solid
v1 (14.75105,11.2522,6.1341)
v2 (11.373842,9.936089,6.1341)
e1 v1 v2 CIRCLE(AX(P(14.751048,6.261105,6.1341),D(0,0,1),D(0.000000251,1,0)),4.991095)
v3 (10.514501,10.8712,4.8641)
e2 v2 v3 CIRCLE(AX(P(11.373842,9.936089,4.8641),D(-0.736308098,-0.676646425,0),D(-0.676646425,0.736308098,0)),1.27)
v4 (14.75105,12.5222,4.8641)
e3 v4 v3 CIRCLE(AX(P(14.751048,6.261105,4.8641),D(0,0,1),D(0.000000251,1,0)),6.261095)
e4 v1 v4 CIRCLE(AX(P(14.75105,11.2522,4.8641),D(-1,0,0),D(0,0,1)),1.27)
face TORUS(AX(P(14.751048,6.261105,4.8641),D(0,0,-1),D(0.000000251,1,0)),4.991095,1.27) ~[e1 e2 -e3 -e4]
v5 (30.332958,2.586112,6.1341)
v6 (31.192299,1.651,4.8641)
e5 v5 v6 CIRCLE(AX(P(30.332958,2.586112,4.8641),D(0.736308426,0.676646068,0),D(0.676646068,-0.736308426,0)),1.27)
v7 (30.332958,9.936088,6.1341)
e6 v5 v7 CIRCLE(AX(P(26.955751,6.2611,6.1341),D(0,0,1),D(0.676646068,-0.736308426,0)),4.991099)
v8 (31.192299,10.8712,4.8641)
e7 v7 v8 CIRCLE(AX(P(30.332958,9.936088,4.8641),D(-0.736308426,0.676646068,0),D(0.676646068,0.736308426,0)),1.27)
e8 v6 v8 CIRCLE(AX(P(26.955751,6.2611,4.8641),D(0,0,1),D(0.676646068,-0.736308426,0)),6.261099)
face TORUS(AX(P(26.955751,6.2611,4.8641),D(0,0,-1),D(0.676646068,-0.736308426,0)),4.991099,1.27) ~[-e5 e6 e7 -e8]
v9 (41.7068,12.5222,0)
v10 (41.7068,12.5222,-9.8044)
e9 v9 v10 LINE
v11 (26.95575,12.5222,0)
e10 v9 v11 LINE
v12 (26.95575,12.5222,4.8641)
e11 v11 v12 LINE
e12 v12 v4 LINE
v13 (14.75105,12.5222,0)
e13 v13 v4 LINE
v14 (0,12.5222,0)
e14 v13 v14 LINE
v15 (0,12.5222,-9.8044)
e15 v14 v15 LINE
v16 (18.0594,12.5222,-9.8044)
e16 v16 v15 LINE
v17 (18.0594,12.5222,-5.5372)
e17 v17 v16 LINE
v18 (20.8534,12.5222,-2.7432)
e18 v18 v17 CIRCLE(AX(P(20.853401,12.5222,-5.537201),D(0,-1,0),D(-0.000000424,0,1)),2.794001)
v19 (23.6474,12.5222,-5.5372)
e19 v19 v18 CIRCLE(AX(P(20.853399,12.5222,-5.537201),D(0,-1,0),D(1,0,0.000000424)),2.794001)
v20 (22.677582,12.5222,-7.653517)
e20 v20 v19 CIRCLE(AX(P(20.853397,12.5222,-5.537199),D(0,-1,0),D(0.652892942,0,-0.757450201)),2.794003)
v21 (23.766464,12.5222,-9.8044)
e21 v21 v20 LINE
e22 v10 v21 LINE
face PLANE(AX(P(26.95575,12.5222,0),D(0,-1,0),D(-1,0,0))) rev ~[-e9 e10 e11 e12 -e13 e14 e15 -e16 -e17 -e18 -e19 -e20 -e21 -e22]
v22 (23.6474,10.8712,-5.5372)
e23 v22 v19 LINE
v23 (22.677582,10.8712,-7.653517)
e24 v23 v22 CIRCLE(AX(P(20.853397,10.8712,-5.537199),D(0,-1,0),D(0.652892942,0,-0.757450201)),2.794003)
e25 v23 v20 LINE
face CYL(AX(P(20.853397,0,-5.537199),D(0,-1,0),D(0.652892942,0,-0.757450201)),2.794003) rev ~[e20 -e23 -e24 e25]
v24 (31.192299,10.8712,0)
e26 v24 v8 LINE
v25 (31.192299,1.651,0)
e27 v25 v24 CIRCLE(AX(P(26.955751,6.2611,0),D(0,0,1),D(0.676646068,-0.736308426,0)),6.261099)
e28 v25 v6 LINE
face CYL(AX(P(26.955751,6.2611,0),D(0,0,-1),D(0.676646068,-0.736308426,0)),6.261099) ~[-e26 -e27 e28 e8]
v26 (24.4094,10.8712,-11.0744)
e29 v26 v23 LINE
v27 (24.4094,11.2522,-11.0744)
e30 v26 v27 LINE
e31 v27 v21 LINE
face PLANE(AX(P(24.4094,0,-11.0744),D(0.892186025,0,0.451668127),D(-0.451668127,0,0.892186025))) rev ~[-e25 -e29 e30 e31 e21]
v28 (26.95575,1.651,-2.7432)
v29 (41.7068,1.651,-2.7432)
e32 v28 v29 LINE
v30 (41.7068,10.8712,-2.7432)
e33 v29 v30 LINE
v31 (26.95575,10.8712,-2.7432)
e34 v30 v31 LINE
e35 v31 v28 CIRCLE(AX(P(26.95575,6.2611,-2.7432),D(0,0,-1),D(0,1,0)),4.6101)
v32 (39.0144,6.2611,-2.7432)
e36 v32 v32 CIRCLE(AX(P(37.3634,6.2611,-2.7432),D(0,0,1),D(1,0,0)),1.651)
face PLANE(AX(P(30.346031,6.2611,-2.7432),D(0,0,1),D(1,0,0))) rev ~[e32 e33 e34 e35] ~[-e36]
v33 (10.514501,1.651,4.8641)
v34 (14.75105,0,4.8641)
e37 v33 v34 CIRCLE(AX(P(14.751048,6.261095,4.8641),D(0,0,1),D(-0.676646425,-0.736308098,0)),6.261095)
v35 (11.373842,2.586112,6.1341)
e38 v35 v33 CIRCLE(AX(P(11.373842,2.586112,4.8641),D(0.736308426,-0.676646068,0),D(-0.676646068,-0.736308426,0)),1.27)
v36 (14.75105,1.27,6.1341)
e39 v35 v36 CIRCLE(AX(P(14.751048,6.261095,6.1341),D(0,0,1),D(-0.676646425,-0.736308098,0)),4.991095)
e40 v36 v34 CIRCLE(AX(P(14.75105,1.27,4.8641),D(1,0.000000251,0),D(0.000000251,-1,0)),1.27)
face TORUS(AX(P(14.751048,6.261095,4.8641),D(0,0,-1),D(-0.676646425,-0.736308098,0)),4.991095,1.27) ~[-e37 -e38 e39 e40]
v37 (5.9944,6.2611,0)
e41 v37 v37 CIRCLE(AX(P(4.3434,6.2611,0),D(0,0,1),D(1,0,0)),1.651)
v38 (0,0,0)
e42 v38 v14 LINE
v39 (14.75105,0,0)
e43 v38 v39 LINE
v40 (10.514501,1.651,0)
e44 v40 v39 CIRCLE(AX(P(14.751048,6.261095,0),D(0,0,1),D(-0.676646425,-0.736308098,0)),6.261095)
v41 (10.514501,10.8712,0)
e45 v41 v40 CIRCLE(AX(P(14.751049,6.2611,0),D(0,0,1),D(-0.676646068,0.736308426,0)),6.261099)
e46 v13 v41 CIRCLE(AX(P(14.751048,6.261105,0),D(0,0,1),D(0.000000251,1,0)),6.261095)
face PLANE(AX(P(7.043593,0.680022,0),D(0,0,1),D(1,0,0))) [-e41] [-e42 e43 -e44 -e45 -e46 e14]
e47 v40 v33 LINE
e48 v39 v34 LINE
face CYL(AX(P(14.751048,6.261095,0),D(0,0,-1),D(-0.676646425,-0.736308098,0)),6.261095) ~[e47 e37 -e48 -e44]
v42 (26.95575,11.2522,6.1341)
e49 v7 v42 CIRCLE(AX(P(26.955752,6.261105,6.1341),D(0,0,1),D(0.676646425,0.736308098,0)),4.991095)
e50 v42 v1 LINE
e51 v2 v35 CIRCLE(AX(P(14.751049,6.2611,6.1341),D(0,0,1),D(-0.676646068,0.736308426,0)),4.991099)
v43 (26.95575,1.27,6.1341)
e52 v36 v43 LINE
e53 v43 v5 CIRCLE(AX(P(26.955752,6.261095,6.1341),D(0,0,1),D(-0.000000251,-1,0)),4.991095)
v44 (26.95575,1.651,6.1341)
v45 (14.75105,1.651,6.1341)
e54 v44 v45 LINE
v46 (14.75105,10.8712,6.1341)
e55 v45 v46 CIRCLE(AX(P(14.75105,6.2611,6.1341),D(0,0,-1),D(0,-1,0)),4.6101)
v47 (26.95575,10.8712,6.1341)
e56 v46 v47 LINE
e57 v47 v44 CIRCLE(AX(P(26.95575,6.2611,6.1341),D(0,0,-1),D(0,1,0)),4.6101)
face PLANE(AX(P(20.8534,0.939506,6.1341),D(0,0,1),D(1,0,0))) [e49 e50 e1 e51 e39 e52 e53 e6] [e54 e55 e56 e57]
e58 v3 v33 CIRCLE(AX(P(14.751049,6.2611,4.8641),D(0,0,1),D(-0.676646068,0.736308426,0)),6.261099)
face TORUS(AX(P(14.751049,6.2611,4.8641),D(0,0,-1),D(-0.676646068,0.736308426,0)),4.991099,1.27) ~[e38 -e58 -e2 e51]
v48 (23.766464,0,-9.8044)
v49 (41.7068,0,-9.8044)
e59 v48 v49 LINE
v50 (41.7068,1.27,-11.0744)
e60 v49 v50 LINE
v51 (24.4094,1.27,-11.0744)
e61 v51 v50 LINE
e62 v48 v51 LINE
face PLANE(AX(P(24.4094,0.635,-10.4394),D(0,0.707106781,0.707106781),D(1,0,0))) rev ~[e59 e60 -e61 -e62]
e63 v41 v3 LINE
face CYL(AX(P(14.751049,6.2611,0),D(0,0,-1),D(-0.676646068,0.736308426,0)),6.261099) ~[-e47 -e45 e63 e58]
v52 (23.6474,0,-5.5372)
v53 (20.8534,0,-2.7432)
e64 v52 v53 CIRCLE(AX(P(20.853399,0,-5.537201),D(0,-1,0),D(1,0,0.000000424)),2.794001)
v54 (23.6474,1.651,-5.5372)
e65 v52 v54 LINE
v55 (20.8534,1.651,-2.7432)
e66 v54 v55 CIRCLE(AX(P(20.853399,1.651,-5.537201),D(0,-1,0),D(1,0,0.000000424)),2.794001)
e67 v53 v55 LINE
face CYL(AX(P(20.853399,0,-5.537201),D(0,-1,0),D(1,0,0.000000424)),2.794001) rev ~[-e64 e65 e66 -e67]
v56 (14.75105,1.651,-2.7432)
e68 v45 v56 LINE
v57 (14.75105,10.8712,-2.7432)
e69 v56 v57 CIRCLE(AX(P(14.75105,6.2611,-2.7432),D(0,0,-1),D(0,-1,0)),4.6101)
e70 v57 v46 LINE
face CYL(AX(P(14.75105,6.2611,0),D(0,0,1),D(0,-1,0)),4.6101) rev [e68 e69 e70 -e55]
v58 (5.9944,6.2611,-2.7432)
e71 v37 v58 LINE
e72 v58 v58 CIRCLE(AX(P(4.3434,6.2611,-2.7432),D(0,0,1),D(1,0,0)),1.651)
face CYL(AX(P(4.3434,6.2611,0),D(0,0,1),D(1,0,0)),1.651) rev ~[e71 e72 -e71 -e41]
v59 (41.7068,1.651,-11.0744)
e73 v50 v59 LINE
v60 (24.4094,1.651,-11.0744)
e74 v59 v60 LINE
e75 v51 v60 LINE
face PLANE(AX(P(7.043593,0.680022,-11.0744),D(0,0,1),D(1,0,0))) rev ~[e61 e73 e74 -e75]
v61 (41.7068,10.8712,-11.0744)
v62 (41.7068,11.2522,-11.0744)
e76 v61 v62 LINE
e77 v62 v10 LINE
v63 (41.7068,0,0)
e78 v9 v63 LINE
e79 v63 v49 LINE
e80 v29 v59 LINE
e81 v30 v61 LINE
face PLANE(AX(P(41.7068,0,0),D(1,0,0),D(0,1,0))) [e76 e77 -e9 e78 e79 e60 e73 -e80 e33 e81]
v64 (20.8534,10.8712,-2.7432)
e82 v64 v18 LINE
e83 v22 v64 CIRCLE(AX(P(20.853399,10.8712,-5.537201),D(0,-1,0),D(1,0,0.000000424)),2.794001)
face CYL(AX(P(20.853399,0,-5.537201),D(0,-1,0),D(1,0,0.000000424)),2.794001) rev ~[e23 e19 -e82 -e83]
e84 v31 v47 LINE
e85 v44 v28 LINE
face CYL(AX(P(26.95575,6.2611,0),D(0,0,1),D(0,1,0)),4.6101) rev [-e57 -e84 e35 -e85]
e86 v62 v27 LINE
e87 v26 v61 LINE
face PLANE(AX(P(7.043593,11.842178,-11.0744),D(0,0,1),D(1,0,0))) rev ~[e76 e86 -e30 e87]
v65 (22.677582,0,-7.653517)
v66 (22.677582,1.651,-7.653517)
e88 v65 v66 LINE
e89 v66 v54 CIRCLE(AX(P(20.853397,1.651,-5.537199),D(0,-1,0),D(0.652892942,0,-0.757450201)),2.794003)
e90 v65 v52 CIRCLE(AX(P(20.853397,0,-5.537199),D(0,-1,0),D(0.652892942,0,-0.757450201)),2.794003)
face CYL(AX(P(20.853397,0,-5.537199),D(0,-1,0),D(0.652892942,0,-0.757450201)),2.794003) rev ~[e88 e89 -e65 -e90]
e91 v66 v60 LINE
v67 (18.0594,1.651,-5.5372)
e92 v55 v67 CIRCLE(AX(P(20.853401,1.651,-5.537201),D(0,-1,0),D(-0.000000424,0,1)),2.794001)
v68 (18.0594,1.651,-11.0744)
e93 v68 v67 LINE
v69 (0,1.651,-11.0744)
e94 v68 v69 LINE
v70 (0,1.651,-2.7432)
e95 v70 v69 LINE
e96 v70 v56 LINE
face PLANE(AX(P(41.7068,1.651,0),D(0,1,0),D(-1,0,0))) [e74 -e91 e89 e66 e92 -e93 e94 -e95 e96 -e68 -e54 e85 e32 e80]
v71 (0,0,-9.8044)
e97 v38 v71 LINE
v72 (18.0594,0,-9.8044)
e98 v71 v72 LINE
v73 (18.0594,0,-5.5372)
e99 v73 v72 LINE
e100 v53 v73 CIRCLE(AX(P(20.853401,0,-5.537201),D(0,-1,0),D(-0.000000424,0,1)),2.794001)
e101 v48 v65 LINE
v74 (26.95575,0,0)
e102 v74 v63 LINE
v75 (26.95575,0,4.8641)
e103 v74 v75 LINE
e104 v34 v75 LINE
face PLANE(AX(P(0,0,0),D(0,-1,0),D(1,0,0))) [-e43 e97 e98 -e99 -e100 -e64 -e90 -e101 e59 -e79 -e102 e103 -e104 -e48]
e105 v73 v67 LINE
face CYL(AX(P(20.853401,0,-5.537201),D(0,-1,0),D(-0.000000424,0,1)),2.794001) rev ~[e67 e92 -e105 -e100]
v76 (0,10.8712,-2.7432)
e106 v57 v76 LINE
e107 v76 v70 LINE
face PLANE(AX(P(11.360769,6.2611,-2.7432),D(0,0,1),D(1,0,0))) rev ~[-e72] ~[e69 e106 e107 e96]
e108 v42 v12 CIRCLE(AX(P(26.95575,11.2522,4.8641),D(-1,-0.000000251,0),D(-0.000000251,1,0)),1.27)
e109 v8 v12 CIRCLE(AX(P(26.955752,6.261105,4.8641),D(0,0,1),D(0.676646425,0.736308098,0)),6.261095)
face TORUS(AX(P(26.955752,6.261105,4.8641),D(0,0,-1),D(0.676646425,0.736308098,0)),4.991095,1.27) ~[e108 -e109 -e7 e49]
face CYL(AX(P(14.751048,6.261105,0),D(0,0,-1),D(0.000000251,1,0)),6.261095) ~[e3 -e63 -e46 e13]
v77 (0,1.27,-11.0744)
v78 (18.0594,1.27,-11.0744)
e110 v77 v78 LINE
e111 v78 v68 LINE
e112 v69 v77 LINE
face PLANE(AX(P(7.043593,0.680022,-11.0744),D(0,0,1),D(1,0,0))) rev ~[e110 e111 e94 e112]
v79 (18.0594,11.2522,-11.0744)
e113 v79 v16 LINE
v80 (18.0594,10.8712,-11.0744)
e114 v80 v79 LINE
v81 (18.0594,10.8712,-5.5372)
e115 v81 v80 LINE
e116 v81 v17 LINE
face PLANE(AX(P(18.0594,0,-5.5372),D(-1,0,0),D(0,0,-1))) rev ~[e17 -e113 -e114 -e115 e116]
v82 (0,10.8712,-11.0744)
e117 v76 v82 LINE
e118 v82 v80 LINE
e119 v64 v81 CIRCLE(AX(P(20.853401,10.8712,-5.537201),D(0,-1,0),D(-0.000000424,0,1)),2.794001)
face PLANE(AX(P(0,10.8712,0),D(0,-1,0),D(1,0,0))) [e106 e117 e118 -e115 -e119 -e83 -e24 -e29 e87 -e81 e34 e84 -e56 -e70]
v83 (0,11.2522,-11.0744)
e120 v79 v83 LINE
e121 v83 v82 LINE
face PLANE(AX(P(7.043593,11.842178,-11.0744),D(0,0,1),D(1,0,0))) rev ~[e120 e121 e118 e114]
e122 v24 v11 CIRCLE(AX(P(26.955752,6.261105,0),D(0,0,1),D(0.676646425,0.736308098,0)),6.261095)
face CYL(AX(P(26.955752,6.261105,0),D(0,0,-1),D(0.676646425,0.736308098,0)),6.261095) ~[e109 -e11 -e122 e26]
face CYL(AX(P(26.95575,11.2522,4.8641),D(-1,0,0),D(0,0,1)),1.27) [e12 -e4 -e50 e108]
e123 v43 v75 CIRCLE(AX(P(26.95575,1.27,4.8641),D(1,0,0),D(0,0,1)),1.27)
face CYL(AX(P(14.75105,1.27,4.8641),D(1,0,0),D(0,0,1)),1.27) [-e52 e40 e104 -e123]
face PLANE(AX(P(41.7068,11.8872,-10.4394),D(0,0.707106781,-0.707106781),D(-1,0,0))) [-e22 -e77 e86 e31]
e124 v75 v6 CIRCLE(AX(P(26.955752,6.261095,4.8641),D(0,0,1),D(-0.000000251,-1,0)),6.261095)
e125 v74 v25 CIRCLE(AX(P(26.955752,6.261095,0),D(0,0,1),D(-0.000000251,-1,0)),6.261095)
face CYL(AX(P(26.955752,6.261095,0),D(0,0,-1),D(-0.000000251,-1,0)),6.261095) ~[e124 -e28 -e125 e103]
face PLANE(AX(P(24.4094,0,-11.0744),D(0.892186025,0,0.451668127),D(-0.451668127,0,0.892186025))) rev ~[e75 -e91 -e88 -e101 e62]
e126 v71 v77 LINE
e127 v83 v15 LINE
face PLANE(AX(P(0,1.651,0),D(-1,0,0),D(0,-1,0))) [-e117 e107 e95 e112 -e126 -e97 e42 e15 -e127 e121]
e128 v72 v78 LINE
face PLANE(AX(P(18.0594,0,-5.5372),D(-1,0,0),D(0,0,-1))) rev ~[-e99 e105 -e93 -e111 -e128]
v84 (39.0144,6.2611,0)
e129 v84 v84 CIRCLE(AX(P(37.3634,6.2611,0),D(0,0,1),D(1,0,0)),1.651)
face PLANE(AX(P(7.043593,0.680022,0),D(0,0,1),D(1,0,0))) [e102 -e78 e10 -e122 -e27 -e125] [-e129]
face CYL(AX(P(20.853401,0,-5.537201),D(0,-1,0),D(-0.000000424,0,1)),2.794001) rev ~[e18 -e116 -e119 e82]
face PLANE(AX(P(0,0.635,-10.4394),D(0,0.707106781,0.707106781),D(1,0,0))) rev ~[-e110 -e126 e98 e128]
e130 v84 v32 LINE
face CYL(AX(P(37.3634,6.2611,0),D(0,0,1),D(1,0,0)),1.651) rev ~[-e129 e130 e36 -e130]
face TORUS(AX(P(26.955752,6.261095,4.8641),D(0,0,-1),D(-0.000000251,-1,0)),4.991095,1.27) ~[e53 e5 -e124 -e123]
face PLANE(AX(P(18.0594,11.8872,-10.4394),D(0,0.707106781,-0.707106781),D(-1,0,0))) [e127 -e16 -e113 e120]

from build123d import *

# Parameters (mm, degrees)
F1_DEPTH = 6.1341
F2_DEPTH = 11.0744
F0_R     = 1.651
F3_DEPTH = 2.7432
F5_DEPTH = 12.5232
F6_SIZE  = 1.27
F7_R     = 1.27


with BuildPart() as f1:
    # F0 (on Top) → F1 (new body)
    with BuildSketch(Plane.XY):
        with BuildLine():
            Line((14.75105, 1.651), (10.514501, 1.651))
            ThreePointArc((10.514501, 1.651), (12.477608, 0.427333), (14.75105, 0))
            Line((14.75105, 0), (20.8534, 0))
            Line((20.8534, 0), (26.95575, 0))
            ThreePointArc((26.95575, 0), (29.229192, 0.427333), (31.192299, 1.651))
            Line((31.192299, 1.651), (26.95575, 1.651))
            Line((26.95575, 1.651), (20.8534, 1.651))
            Line((20.8534, 1.651), (14.75105, 1.651))
        make_face()
        with BuildLine():
            Line((14.75105, 10.8712), (10.514501, 10.8712))
            ThreePointArc((10.514501, 10.8712), (8.48995, 6.2611), (10.514501, 1.651))
            Line((10.514501, 1.651), (14.75105, 1.651))
            ThreePointArc((14.75105, 1.651), (10.14095, 6.2611), (14.75105, 10.8712))
        make_face()
        with BuildLine():
            Line((20.8534, 12.5222), (14.75105, 12.5222))
            ThreePointArc((14.75105, 12.5222), (12.477608, 12.094867), (10.514501, 10.8712))
            Line((10.514501, 10.8712), (14.75105, 10.8712))
            Line((14.75105, 10.8712), (20.8534, 10.8712))
            Line((20.8534, 10.8712), (26.95575, 10.8712))
            Line((26.95575, 10.8712), (31.192299, 10.8712))
            ThreePointArc((31.192299, 10.8712), (29.229192, 12.094867), (26.95575, 12.5222))
            Line((26.95575, 12.5222), (20.8534, 12.5222))
        make_face()
        with BuildLine():
            ThreePointArc((31.192299, 1.651), (33.21685, 6.2611), (31.192299, 10.8712))
            Line((31.192299, 10.8712), (26.95575, 10.8712))
            ThreePointArc((26.95575, 10.8712), (31.56585, 6.2611), (26.95575, 1.651))
            Line((26.95575, 1.651), (31.192299, 1.651))
        make_face()
    extrude(amount=F1_DEPTH)

    # F0 (on Top) → F2 (join)
    with BuildSketch(Plane.XY):
        with BuildLine():
            Line((10.514501, 1.651), (0, 1.651))
            Line((0, 1.651), (0, 0))
            Line((0, 0), (14.75105, 0))
            ThreePointArc((14.75105, 0), (12.477608, 0.427333), (10.514501, 1.651))
        make_face()
        with BuildLine():
            Line((14.75105, 1.651), (10.514501, 1.651))
            ThreePointArc((10.514501, 1.651), (12.477608, 0.427333), (14.75105, 0))
            Line((14.75105, 0), (20.8534, 0))
            Line((20.8534, 0), (26.95575, 0))
            ThreePointArc((26.95575, 0), (29.229192, 0.427333), (31.192299, 1.651))
            Line((31.192299, 1.651), (26.95575, 1.651))
            Line((26.95575, 1.651), (20.8534, 1.651))
            Line((20.8534, 1.651), (14.75105, 1.651))
        make_face()
        with BuildLine():
            Line((41.7068, 1.651), (31.192299, 1.651))
            ThreePointArc((31.192299, 1.651), (29.229192, 0.427333), (26.95575, 0))
            Line((26.95575, 0), (41.7068, 0))
            Line((41.7068, 0), (41.7068, 1.651))
        make_face()
        with BuildLine():
            Line((14.75105, 12.5222), (0, 12.5222))
            Line((0, 12.5222), (0, 10.8712))
            Line((0, 10.8712), (10.514501, 10.8712))
            ThreePointArc((10.514501, 10.8712), (12.477608, 12.094867), (14.75105, 12.5222))
        make_face()
        with BuildLine():
            Line((20.8534, 12.5222), (14.75105, 12.5222))
            ThreePointArc((14.75105, 12.5222), (12.477608, 12.094867), (10.514501, 10.8712))
            Line((10.514501, 10.8712), (14.75105, 10.8712))
            Line((14.75105, 10.8712), (20.8534, 10.8712))
            Line((20.8534, 10.8712), (26.95575, 10.8712))
            Line((26.95575, 10.8712), (31.192299, 10.8712))
            ThreePointArc((31.192299, 10.8712), (29.229192, 12.094867), (26.95575, 12.5222))
            Line((26.95575, 12.5222), (20.8534, 12.5222))
        make_face()
        with BuildLine():
            Line((41.7068, 12.5222), (26.95575, 12.5222))
            ThreePointArc((26.95575, 12.5222), (29.229192, 12.094867), (31.192299, 10.8712))
            Line((31.192299, 10.8712), (41.7068, 10.8712))
            Line((41.7068, 10.8712), (41.7068, 12.5222))
        make_face()
    extrude(amount=-F2_DEPTH)

    # F0 (on Top) → F3 (join)
    with BuildSketch(Plane.XY):
        with BuildLine():
            Line((14.75105, 10.8712), (10.514501, 10.8712))
            ThreePointArc((10.514501, 10.8712), (8.48995, 6.2611), (10.514501, 1.651))
            Line((10.514501, 1.651), (14.75105, 1.651))
            ThreePointArc((14.75105, 1.651), (10.14095, 6.2611), (14.75105, 10.8712))
        make_face()
        with BuildLine():
            Line((10.514501, 10.8712), (0, 10.8712))
            Line((0, 10.8712), (0, 1.651))
            Line((0, 1.651), (10.514501, 1.651))
            ThreePointArc((10.514501, 1.651), (8.48995, 6.2611), (10.514501, 10.8712))
        make_face()
        with Locations((4.3434, 6.2611)):
            Circle(F0_R, mode=Mode.SUBTRACT)
        with BuildLine():
            ThreePointArc((31.192299, 1.651), (33.21685, 6.2611), (31.192299, 10.8712))
            Line((31.192299, 10.8712), (26.95575, 10.8712))
            ThreePointArc((26.95575, 10.8712), (31.56585, 6.2611), (26.95575, 1.651))
            Line((26.95575, 1.651), (31.192299, 1.651))
        make_face()
        with BuildLine():
            Line((41.7068, 10.8712), (31.192299, 10.8712))
            ThreePointArc((31.192299, 10.8712), (33.21685, 6.2611), (31.192299, 1.651))
            Line((31.192299, 1.651), (41.7068, 1.651))
            Line((41.7068, 1.651), (41.7068, 10.8712))
        make_face()
        with Locations((37.3634, 6.2611)):
            Circle(F0_R, mode=Mode.SUBTRACT)
    extrude(amount=-F3_DEPTH)

    # F4 (on Front) → F5 (cut, through all)
    with BuildSketch(Plane.XZ):
        with BuildLine():
            ThreePointArc((23.6474, -5.5372), (22.829056, -3.561544), (20.8534, -2.7432))
            ThreePointArc((20.8534, -2.7432), (18.877744, -3.561544), (18.0594, -5.5372))
            Line((18.0594, -5.5372), (22.677582, -7.653517))
            ThreePointArc((22.677582, -7.653517), (23.3934, -6.701174), (23.6474, -5.5372))
        make_face()
        with BuildLine():
            Line((22.677582, -7.653517), (18.0594, -5.5372))
            ThreePointArc((18.0594, -5.5372), (19.689426, -8.0772), (22.677582, -7.653517))
        make_face()
        with BuildLine():
            Line((18.0594, -5.5372), (18.0594, -11.0744))
            Line((18.0594, -11.0744), (24.4094, -11.0744))
            Line((24.4094, -11.0744), (22.677582, -7.653517))
            ThreePointArc((22.677582, -7.653517), (19.689426, -8.0772), (18.0594, -5.5372))
        make_face()
    extrude(amount=-F5_DEPTH, mode=Mode.SUBTRACT)

    # F6
    f6_edges = [f1.edges().sort_by_distance(p)[0] for p in [
        (33.0581, 0, -11.0744),
        (9.0297, 0, -11.0744),
        (33.0581, 12.5222, -11.0744),
        (9.0297, 12.5222, -11.0744),
    ]]
    chamfer(f6_edges, length=F6_SIZE)

    # F7
    f7_edges = [f1.edges().sort_by_distance(p)[0] for p in [
        (33.21685, 6.2611, 6.1341),
        (20.8534, 12.5222, 6.1341),
    ]]
    fillet(f7_edges, radius=F7_R)


solid = f1.part
